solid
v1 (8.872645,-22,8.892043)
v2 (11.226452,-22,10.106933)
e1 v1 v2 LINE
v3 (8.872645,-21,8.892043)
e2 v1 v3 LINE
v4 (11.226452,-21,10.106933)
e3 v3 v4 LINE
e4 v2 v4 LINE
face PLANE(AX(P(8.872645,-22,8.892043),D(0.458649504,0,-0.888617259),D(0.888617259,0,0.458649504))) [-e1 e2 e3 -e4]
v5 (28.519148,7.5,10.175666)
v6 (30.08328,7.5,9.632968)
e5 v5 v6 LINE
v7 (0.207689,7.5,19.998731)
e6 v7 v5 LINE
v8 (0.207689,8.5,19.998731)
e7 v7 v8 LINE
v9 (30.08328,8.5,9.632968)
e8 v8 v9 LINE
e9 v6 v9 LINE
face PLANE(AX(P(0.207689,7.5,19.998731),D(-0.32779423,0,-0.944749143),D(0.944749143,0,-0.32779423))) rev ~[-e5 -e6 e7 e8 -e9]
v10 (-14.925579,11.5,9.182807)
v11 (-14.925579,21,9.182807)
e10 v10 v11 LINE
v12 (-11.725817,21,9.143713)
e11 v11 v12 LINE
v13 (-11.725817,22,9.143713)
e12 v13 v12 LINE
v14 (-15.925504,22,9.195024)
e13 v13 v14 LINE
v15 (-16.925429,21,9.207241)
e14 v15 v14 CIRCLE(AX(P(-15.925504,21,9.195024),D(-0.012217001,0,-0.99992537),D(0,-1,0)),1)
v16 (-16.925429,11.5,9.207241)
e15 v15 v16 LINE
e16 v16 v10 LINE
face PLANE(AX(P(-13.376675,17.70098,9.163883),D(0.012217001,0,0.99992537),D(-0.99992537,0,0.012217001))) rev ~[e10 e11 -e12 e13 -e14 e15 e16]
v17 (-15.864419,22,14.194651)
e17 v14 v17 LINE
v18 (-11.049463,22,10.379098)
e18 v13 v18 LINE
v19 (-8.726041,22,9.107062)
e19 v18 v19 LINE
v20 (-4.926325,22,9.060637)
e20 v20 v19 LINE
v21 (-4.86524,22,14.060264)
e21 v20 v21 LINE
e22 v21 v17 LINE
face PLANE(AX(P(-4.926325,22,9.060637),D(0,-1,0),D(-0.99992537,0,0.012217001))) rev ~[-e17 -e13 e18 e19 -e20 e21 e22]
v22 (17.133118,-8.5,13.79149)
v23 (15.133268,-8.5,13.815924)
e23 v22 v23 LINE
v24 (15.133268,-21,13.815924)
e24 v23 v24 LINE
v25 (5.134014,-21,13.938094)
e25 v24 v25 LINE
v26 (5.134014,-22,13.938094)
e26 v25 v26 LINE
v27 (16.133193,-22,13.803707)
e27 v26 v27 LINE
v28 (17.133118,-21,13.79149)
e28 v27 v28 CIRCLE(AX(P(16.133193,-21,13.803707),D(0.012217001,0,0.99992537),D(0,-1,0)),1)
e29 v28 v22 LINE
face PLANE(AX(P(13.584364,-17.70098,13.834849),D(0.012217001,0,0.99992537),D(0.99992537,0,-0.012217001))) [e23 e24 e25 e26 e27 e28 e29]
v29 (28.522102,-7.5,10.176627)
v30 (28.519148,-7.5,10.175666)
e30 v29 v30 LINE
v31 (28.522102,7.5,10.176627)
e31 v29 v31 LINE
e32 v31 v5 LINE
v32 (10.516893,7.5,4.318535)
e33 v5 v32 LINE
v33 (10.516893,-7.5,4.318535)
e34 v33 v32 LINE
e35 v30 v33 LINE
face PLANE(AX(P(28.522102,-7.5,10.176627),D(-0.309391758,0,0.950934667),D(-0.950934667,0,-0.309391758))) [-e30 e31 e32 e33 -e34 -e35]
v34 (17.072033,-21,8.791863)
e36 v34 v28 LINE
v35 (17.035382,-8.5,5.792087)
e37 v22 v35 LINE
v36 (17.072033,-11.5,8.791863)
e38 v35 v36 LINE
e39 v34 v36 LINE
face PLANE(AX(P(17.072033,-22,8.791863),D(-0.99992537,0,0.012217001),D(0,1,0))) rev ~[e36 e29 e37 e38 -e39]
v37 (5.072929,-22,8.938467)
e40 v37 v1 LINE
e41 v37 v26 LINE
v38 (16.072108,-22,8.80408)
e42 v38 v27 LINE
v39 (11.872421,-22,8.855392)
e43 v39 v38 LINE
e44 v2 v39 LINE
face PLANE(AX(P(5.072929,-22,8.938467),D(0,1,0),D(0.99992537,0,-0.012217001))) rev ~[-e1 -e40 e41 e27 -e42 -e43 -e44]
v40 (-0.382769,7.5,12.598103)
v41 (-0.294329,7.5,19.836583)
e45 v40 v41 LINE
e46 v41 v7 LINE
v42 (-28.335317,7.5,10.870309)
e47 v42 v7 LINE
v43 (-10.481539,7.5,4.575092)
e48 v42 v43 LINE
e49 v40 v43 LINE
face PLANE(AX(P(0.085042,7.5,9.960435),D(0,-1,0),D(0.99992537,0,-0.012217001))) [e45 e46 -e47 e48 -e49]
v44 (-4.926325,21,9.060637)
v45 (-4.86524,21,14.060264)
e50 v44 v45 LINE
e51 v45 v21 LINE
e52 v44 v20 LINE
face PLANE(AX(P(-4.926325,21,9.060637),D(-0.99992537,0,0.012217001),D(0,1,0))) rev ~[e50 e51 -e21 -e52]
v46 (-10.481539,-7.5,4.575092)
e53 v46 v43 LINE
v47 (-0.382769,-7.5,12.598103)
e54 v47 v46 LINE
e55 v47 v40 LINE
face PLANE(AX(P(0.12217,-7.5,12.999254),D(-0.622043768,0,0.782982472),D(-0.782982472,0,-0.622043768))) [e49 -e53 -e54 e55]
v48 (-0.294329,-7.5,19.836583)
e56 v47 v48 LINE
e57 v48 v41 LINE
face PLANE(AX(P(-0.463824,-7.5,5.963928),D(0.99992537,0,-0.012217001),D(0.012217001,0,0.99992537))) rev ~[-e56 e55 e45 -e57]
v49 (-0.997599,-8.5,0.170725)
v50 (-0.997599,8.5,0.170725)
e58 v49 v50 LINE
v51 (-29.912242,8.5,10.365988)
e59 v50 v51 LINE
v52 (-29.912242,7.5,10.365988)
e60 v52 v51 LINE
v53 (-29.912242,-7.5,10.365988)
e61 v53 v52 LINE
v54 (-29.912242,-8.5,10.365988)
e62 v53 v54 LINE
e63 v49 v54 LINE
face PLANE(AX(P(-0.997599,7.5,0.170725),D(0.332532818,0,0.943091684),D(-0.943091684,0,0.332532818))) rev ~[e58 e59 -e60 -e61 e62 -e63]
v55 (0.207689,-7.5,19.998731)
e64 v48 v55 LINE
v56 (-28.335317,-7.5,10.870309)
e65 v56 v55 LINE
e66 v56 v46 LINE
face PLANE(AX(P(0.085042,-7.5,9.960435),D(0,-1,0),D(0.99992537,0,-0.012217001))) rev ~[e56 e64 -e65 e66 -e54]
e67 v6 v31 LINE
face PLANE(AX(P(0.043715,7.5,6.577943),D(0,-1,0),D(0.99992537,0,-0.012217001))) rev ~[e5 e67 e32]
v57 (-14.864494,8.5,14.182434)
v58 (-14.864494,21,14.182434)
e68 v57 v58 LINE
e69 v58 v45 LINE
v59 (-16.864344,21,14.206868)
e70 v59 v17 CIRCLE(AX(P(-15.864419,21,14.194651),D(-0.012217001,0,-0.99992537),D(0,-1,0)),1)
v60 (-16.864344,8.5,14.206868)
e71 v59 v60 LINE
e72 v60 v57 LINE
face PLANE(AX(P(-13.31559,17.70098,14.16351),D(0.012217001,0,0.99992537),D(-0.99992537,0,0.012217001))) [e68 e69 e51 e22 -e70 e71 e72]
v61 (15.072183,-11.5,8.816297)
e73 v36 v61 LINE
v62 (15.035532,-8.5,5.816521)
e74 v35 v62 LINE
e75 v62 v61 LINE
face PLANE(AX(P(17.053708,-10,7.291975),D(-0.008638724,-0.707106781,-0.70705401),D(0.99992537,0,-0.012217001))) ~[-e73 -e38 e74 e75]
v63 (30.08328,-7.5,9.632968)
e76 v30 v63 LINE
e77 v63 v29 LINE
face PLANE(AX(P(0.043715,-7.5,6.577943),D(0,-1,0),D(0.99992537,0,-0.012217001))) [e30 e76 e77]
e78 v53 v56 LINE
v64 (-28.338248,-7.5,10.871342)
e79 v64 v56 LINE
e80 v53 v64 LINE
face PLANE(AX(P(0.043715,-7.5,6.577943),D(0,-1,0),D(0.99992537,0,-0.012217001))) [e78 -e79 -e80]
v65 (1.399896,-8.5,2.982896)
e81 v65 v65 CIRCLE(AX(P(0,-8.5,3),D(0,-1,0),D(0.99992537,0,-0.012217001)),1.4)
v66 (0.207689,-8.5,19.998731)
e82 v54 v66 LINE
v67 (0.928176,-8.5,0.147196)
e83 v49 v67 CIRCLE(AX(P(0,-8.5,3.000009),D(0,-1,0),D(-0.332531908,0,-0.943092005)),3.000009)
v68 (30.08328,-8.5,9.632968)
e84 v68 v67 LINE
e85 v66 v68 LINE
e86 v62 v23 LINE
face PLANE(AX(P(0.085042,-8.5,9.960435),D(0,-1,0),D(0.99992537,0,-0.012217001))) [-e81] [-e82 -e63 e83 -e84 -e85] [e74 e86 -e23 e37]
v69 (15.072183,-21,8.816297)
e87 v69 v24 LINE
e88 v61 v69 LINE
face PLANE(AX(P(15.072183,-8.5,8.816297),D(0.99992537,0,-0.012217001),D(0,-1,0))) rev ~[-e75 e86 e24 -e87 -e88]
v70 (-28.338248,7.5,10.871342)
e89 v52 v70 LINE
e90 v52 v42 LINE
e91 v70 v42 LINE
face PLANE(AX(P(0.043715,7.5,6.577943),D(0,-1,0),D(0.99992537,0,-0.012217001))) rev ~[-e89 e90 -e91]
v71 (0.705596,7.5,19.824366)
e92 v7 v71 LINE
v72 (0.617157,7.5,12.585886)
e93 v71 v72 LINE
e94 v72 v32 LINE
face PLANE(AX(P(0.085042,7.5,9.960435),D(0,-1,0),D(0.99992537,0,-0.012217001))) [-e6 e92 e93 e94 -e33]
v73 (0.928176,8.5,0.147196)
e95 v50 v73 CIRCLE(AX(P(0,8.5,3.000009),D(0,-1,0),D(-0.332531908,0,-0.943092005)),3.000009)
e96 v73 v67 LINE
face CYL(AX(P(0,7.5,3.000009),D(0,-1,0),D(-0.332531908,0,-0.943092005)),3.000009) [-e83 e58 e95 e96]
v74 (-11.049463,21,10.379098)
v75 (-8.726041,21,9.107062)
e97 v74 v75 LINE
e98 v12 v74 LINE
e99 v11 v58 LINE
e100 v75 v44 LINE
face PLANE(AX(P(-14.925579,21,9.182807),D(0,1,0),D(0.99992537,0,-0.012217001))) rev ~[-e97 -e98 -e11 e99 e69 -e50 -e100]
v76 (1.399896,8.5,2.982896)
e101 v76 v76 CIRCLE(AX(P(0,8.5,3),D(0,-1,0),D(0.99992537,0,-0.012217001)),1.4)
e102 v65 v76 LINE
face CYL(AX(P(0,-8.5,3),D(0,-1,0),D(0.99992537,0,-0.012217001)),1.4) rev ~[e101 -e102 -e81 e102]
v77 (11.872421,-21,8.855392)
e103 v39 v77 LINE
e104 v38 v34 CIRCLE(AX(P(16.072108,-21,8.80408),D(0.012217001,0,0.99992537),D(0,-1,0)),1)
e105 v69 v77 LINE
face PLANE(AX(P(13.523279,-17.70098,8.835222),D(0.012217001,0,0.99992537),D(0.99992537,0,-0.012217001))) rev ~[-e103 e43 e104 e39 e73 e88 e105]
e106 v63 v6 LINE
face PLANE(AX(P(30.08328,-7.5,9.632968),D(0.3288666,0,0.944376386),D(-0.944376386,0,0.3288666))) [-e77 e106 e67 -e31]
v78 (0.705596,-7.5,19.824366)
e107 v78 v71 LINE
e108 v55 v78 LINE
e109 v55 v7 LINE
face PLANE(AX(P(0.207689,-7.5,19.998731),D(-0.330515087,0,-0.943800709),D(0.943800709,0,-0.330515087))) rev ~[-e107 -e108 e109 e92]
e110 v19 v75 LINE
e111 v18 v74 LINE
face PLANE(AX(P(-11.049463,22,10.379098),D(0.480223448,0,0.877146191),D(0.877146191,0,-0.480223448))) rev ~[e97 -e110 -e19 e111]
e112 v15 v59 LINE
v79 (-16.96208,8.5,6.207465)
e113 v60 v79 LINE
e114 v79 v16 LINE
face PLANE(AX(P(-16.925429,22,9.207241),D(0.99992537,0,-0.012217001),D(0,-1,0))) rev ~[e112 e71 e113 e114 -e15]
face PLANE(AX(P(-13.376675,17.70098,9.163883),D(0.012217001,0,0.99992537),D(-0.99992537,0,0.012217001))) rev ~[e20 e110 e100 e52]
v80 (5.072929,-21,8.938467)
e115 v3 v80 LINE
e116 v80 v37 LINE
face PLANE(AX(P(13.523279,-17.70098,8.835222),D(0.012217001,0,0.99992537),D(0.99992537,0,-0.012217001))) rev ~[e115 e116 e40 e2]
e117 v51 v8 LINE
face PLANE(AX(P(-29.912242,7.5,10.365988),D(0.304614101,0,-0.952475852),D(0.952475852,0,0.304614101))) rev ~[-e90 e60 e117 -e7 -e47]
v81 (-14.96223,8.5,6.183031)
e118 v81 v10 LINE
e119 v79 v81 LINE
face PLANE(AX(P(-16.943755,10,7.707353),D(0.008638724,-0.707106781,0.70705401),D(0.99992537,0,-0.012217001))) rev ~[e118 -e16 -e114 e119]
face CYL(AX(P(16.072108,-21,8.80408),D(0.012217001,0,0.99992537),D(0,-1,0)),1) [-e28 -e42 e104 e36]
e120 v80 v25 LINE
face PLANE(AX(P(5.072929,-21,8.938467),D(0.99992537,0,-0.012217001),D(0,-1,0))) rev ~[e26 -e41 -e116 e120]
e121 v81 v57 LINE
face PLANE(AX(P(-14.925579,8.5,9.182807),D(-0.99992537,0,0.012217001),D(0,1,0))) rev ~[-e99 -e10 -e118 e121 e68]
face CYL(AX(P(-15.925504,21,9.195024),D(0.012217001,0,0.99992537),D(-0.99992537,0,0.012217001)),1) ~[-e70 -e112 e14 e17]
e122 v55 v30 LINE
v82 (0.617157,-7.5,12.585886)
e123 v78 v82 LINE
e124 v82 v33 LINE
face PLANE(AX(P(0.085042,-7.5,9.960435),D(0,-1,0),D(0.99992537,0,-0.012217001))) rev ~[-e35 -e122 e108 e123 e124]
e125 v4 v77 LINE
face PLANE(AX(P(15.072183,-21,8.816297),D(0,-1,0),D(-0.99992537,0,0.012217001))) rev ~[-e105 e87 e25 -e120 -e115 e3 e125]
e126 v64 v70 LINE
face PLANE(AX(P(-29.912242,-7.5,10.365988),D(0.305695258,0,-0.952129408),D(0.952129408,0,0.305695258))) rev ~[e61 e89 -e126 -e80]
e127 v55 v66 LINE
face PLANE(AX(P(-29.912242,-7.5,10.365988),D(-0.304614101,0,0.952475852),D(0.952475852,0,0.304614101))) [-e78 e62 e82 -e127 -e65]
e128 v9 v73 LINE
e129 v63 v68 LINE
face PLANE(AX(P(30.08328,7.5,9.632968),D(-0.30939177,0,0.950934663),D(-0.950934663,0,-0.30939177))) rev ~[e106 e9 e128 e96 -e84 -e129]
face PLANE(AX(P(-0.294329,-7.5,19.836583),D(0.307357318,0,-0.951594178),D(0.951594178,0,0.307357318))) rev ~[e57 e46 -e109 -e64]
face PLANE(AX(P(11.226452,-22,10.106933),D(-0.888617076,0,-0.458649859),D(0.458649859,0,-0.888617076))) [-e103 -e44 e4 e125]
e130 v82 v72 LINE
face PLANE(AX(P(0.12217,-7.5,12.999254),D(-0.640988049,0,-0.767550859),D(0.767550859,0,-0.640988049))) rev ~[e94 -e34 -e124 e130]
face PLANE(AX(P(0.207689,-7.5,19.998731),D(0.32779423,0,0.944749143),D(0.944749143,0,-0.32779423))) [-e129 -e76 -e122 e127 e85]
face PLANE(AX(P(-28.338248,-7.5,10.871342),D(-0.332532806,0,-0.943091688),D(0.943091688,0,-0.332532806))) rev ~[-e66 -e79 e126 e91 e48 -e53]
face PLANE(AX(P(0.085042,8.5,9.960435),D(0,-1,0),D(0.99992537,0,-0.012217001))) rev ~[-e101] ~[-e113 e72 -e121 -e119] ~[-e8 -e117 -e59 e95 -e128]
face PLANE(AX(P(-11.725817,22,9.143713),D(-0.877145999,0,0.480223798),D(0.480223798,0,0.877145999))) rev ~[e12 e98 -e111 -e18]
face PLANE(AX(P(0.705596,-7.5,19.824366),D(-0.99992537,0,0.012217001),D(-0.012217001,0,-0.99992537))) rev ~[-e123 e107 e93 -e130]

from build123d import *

# Parameters (mm, degrees)
PAD023_DEPTH        = 15
SKETCH047_R         = 1.4
POCKET020_DEPTH     = 15
PAD018_DEPTH        = 15
PAD020_DEPTH        = 1
PAD019_DEPTH        = 1
SKETCH049_R         = 1.4
POCKET023_DEPTH     = 17.001
PAD022_DEPTH        = 5
PAD021_DEPTH        = 5
CHAMFER009_SIZE     = 3
CHAMFER010_SIZE     = 3
FILLET014_R         = 1
FILLET013_R         = 1
POCKET022_DEPTH     = 1
POCKET021_DEPTH     = 1
BODY007_PITCH_ANGLE = 0.7


with BuildPart() as part:
    # Sketch051 → Pad023 (new body)
    with BuildSketch(Plane.XZ.offset(7.5)):
        with BuildLine():
            Line((0.962959, 0.158748), (30, 10))
            Line((30, 10), (28.432297, 10.524546))
            Line((28.432297, 10.524546), (10.5, 4.446921))
            Line((0, 13), (10.5, 4.446921))
            Line((0, 13), (-10.5, 4.446921))
            Line((-28.432297, 10.524546), (-10.5, 4.446921))
            Line((-30, 10), (-28.432297, 10.524546))
            Line((-0.962959, 0.158748), (-30, 10))
            ThreePointArc((-0.962959, 0.158748), (0, 0), (0.962959, 0.158748))
        make_face()
    extrude(amount=-PAD023_DEPTH)

    # Sketch047 → Pocket020 (cut)
    with BuildSketch(Plane.XZ.offset(7.5)):
        with Locations((0, 3)):
            Circle(SKETCH047_R)
    extrude(amount=-POCKET020_DEPTH, mode=Mode.SUBTRACT)

    # Sketch054 (on Face4 of Pocket020) → Pad018 (join)
    with BuildSketch(Plane.XZ.offset(7.5)):
        with BuildLine():
            Line((-0.5, 5.95804), (-0.5, 19.831731))
            Line((-0.5, 19.831731), (0, 20))
            Line((0, 20), (0.5, 19.831731))
            Line((0.5, 19.831731), (0.5, 5.95804))
            ThreePointArc((0.5, 5.95804), (0, 6), (-0.5, 5.95804))
        make_face()
    extrude(amount=-PAD018_DEPTH)

    # Sketch050 (on Face4 of Pad018) → Pad020 (join)
    with BuildSketch(Plane.XZ.offset(7.5)):
        with BuildLine():
            ThreePointArc((-0.962959, 0.158748), (0, 0), (0.962959, 0.158748))
            Line((30, 10), (0.962959, 0.158748))
            Line((0, 20), (30, 10))
            Line((-30, 10), (0, 20))
            Line((-0.962959, 0.158748), (-30, 10))
        make_face()
    extrude(amount=PAD020_DEPTH)

    # Sketch053 (on Face4 of Pad018) → Pad019 (join)
    with BuildSketch(Plane.XZ.offset(-7.5)):
        with BuildLine():
            ThreePointArc((-0.962959, 0.158748), (0, 0), (0.962959, 0.158748))
            Line((30, 10), (0.962959, 0.158748))
            Line((0, 20), (30, 10))
            Line((-30, 10), (0, 20))
            Line((-0.962959, 0.158748), (-30, 10))
        make_face()
    extrude(amount=-PAD019_DEPTH)

    # Sketch049 (on Face12 of Pad019) → Pocket023 (cut, through all)
    with BuildSketch(Plane.XZ.offset(8.5)):
        with Locations((0, 3)):
            Circle(SKETCH049_R)
    extrude(amount=-POCKET023_DEPTH, mode=Mode.SUBTRACT)

    # Sketch048 → Pad022 (join)
    with BuildSketch(Plane.XY.offset(9)):
        Polygon((5, -21), (5, -22), (17, -22), (17, -8.5), (15, -8.5), (15, -21), align=None)
    extrude(amount=PAD022_DEPTH)

    # Sketch055 → Pad021 (join)
    with BuildSketch(Plane(origin=(0, 0, 9), x_dir=(-1, 0, 0), z_dir=(0, 0, 1))):
        Polygon((5, -21), (5, -22), (17, -22), (17, -8.5), (15, -8.5), (15, -21), align=None)
    extrude(amount=PAD021_DEPTH)

    # Chamfer009
    chamfer009_edges = [part.edges().sort_by_distance(p)[0] for p in [
        (16, -8.5, 9),
    ]]
    chamfer(chamfer009_edges, length=CHAMFER009_SIZE)

    # Chamfer010
    chamfer010_edges = [part.edges().sort_by_distance(p)[0] for p in [
        (-16, 8.5, 9),
    ]]
    chamfer(chamfer010_edges, length=CHAMFER010_SIZE)

    # Fillet014
    fillet014_edges = [part.edges().sort_by_distance(p)[0] for p in [
        (17, -22, 11.5),
    ]]
    fillet(fillet014_edges, radius=FILLET014_R)

    # Fillet013
    fillet013_edges = [part.edges().sort_by_distance(p)[0] for p in [
        (-17, 22, 11.5),
    ]]
    fillet(fillet013_edges, radius=FILLET013_R)

    # Sketch056 (on Face52 of Fillet013) → Pocket022 (cut)
    with BuildSketch(Plane.XZ.offset(22)):
        Polygon((8.8, 9), (11.138789, 10.243556), (11.8, 9), align=None)
    extrude(amount=-POCKET022_DEPTH, mode=Mode.SUBTRACT)

    # Sketch052 (on Face7 of Pocket022) → Pocket021 (cut)
    with BuildSketch(Plane(origin=(0, 22, 0), x_dir=(1, 0, 0), z_dir=(0, 1, 0))):
        Polygon((-11.8, -9), (-11.138789, -10.243556), (-8.8, -9), align=None)
    extrude(amount=-POCKET021_DEPTH, mode=Mode.SUBTRACT)


with BuildPart() as part_1:
    # Body007 pitch: moved
    add(part.part.rotate(Axis((0, 0, 0), (0, 1, 0)), BODY007_PITCH_ANGLE))


with BuildPart() as part_2:
    # Body007 placement: moved
    add(part_1.part.moved(Location((-0.036651, 0, 0.000224))))


solid = part_2.part
